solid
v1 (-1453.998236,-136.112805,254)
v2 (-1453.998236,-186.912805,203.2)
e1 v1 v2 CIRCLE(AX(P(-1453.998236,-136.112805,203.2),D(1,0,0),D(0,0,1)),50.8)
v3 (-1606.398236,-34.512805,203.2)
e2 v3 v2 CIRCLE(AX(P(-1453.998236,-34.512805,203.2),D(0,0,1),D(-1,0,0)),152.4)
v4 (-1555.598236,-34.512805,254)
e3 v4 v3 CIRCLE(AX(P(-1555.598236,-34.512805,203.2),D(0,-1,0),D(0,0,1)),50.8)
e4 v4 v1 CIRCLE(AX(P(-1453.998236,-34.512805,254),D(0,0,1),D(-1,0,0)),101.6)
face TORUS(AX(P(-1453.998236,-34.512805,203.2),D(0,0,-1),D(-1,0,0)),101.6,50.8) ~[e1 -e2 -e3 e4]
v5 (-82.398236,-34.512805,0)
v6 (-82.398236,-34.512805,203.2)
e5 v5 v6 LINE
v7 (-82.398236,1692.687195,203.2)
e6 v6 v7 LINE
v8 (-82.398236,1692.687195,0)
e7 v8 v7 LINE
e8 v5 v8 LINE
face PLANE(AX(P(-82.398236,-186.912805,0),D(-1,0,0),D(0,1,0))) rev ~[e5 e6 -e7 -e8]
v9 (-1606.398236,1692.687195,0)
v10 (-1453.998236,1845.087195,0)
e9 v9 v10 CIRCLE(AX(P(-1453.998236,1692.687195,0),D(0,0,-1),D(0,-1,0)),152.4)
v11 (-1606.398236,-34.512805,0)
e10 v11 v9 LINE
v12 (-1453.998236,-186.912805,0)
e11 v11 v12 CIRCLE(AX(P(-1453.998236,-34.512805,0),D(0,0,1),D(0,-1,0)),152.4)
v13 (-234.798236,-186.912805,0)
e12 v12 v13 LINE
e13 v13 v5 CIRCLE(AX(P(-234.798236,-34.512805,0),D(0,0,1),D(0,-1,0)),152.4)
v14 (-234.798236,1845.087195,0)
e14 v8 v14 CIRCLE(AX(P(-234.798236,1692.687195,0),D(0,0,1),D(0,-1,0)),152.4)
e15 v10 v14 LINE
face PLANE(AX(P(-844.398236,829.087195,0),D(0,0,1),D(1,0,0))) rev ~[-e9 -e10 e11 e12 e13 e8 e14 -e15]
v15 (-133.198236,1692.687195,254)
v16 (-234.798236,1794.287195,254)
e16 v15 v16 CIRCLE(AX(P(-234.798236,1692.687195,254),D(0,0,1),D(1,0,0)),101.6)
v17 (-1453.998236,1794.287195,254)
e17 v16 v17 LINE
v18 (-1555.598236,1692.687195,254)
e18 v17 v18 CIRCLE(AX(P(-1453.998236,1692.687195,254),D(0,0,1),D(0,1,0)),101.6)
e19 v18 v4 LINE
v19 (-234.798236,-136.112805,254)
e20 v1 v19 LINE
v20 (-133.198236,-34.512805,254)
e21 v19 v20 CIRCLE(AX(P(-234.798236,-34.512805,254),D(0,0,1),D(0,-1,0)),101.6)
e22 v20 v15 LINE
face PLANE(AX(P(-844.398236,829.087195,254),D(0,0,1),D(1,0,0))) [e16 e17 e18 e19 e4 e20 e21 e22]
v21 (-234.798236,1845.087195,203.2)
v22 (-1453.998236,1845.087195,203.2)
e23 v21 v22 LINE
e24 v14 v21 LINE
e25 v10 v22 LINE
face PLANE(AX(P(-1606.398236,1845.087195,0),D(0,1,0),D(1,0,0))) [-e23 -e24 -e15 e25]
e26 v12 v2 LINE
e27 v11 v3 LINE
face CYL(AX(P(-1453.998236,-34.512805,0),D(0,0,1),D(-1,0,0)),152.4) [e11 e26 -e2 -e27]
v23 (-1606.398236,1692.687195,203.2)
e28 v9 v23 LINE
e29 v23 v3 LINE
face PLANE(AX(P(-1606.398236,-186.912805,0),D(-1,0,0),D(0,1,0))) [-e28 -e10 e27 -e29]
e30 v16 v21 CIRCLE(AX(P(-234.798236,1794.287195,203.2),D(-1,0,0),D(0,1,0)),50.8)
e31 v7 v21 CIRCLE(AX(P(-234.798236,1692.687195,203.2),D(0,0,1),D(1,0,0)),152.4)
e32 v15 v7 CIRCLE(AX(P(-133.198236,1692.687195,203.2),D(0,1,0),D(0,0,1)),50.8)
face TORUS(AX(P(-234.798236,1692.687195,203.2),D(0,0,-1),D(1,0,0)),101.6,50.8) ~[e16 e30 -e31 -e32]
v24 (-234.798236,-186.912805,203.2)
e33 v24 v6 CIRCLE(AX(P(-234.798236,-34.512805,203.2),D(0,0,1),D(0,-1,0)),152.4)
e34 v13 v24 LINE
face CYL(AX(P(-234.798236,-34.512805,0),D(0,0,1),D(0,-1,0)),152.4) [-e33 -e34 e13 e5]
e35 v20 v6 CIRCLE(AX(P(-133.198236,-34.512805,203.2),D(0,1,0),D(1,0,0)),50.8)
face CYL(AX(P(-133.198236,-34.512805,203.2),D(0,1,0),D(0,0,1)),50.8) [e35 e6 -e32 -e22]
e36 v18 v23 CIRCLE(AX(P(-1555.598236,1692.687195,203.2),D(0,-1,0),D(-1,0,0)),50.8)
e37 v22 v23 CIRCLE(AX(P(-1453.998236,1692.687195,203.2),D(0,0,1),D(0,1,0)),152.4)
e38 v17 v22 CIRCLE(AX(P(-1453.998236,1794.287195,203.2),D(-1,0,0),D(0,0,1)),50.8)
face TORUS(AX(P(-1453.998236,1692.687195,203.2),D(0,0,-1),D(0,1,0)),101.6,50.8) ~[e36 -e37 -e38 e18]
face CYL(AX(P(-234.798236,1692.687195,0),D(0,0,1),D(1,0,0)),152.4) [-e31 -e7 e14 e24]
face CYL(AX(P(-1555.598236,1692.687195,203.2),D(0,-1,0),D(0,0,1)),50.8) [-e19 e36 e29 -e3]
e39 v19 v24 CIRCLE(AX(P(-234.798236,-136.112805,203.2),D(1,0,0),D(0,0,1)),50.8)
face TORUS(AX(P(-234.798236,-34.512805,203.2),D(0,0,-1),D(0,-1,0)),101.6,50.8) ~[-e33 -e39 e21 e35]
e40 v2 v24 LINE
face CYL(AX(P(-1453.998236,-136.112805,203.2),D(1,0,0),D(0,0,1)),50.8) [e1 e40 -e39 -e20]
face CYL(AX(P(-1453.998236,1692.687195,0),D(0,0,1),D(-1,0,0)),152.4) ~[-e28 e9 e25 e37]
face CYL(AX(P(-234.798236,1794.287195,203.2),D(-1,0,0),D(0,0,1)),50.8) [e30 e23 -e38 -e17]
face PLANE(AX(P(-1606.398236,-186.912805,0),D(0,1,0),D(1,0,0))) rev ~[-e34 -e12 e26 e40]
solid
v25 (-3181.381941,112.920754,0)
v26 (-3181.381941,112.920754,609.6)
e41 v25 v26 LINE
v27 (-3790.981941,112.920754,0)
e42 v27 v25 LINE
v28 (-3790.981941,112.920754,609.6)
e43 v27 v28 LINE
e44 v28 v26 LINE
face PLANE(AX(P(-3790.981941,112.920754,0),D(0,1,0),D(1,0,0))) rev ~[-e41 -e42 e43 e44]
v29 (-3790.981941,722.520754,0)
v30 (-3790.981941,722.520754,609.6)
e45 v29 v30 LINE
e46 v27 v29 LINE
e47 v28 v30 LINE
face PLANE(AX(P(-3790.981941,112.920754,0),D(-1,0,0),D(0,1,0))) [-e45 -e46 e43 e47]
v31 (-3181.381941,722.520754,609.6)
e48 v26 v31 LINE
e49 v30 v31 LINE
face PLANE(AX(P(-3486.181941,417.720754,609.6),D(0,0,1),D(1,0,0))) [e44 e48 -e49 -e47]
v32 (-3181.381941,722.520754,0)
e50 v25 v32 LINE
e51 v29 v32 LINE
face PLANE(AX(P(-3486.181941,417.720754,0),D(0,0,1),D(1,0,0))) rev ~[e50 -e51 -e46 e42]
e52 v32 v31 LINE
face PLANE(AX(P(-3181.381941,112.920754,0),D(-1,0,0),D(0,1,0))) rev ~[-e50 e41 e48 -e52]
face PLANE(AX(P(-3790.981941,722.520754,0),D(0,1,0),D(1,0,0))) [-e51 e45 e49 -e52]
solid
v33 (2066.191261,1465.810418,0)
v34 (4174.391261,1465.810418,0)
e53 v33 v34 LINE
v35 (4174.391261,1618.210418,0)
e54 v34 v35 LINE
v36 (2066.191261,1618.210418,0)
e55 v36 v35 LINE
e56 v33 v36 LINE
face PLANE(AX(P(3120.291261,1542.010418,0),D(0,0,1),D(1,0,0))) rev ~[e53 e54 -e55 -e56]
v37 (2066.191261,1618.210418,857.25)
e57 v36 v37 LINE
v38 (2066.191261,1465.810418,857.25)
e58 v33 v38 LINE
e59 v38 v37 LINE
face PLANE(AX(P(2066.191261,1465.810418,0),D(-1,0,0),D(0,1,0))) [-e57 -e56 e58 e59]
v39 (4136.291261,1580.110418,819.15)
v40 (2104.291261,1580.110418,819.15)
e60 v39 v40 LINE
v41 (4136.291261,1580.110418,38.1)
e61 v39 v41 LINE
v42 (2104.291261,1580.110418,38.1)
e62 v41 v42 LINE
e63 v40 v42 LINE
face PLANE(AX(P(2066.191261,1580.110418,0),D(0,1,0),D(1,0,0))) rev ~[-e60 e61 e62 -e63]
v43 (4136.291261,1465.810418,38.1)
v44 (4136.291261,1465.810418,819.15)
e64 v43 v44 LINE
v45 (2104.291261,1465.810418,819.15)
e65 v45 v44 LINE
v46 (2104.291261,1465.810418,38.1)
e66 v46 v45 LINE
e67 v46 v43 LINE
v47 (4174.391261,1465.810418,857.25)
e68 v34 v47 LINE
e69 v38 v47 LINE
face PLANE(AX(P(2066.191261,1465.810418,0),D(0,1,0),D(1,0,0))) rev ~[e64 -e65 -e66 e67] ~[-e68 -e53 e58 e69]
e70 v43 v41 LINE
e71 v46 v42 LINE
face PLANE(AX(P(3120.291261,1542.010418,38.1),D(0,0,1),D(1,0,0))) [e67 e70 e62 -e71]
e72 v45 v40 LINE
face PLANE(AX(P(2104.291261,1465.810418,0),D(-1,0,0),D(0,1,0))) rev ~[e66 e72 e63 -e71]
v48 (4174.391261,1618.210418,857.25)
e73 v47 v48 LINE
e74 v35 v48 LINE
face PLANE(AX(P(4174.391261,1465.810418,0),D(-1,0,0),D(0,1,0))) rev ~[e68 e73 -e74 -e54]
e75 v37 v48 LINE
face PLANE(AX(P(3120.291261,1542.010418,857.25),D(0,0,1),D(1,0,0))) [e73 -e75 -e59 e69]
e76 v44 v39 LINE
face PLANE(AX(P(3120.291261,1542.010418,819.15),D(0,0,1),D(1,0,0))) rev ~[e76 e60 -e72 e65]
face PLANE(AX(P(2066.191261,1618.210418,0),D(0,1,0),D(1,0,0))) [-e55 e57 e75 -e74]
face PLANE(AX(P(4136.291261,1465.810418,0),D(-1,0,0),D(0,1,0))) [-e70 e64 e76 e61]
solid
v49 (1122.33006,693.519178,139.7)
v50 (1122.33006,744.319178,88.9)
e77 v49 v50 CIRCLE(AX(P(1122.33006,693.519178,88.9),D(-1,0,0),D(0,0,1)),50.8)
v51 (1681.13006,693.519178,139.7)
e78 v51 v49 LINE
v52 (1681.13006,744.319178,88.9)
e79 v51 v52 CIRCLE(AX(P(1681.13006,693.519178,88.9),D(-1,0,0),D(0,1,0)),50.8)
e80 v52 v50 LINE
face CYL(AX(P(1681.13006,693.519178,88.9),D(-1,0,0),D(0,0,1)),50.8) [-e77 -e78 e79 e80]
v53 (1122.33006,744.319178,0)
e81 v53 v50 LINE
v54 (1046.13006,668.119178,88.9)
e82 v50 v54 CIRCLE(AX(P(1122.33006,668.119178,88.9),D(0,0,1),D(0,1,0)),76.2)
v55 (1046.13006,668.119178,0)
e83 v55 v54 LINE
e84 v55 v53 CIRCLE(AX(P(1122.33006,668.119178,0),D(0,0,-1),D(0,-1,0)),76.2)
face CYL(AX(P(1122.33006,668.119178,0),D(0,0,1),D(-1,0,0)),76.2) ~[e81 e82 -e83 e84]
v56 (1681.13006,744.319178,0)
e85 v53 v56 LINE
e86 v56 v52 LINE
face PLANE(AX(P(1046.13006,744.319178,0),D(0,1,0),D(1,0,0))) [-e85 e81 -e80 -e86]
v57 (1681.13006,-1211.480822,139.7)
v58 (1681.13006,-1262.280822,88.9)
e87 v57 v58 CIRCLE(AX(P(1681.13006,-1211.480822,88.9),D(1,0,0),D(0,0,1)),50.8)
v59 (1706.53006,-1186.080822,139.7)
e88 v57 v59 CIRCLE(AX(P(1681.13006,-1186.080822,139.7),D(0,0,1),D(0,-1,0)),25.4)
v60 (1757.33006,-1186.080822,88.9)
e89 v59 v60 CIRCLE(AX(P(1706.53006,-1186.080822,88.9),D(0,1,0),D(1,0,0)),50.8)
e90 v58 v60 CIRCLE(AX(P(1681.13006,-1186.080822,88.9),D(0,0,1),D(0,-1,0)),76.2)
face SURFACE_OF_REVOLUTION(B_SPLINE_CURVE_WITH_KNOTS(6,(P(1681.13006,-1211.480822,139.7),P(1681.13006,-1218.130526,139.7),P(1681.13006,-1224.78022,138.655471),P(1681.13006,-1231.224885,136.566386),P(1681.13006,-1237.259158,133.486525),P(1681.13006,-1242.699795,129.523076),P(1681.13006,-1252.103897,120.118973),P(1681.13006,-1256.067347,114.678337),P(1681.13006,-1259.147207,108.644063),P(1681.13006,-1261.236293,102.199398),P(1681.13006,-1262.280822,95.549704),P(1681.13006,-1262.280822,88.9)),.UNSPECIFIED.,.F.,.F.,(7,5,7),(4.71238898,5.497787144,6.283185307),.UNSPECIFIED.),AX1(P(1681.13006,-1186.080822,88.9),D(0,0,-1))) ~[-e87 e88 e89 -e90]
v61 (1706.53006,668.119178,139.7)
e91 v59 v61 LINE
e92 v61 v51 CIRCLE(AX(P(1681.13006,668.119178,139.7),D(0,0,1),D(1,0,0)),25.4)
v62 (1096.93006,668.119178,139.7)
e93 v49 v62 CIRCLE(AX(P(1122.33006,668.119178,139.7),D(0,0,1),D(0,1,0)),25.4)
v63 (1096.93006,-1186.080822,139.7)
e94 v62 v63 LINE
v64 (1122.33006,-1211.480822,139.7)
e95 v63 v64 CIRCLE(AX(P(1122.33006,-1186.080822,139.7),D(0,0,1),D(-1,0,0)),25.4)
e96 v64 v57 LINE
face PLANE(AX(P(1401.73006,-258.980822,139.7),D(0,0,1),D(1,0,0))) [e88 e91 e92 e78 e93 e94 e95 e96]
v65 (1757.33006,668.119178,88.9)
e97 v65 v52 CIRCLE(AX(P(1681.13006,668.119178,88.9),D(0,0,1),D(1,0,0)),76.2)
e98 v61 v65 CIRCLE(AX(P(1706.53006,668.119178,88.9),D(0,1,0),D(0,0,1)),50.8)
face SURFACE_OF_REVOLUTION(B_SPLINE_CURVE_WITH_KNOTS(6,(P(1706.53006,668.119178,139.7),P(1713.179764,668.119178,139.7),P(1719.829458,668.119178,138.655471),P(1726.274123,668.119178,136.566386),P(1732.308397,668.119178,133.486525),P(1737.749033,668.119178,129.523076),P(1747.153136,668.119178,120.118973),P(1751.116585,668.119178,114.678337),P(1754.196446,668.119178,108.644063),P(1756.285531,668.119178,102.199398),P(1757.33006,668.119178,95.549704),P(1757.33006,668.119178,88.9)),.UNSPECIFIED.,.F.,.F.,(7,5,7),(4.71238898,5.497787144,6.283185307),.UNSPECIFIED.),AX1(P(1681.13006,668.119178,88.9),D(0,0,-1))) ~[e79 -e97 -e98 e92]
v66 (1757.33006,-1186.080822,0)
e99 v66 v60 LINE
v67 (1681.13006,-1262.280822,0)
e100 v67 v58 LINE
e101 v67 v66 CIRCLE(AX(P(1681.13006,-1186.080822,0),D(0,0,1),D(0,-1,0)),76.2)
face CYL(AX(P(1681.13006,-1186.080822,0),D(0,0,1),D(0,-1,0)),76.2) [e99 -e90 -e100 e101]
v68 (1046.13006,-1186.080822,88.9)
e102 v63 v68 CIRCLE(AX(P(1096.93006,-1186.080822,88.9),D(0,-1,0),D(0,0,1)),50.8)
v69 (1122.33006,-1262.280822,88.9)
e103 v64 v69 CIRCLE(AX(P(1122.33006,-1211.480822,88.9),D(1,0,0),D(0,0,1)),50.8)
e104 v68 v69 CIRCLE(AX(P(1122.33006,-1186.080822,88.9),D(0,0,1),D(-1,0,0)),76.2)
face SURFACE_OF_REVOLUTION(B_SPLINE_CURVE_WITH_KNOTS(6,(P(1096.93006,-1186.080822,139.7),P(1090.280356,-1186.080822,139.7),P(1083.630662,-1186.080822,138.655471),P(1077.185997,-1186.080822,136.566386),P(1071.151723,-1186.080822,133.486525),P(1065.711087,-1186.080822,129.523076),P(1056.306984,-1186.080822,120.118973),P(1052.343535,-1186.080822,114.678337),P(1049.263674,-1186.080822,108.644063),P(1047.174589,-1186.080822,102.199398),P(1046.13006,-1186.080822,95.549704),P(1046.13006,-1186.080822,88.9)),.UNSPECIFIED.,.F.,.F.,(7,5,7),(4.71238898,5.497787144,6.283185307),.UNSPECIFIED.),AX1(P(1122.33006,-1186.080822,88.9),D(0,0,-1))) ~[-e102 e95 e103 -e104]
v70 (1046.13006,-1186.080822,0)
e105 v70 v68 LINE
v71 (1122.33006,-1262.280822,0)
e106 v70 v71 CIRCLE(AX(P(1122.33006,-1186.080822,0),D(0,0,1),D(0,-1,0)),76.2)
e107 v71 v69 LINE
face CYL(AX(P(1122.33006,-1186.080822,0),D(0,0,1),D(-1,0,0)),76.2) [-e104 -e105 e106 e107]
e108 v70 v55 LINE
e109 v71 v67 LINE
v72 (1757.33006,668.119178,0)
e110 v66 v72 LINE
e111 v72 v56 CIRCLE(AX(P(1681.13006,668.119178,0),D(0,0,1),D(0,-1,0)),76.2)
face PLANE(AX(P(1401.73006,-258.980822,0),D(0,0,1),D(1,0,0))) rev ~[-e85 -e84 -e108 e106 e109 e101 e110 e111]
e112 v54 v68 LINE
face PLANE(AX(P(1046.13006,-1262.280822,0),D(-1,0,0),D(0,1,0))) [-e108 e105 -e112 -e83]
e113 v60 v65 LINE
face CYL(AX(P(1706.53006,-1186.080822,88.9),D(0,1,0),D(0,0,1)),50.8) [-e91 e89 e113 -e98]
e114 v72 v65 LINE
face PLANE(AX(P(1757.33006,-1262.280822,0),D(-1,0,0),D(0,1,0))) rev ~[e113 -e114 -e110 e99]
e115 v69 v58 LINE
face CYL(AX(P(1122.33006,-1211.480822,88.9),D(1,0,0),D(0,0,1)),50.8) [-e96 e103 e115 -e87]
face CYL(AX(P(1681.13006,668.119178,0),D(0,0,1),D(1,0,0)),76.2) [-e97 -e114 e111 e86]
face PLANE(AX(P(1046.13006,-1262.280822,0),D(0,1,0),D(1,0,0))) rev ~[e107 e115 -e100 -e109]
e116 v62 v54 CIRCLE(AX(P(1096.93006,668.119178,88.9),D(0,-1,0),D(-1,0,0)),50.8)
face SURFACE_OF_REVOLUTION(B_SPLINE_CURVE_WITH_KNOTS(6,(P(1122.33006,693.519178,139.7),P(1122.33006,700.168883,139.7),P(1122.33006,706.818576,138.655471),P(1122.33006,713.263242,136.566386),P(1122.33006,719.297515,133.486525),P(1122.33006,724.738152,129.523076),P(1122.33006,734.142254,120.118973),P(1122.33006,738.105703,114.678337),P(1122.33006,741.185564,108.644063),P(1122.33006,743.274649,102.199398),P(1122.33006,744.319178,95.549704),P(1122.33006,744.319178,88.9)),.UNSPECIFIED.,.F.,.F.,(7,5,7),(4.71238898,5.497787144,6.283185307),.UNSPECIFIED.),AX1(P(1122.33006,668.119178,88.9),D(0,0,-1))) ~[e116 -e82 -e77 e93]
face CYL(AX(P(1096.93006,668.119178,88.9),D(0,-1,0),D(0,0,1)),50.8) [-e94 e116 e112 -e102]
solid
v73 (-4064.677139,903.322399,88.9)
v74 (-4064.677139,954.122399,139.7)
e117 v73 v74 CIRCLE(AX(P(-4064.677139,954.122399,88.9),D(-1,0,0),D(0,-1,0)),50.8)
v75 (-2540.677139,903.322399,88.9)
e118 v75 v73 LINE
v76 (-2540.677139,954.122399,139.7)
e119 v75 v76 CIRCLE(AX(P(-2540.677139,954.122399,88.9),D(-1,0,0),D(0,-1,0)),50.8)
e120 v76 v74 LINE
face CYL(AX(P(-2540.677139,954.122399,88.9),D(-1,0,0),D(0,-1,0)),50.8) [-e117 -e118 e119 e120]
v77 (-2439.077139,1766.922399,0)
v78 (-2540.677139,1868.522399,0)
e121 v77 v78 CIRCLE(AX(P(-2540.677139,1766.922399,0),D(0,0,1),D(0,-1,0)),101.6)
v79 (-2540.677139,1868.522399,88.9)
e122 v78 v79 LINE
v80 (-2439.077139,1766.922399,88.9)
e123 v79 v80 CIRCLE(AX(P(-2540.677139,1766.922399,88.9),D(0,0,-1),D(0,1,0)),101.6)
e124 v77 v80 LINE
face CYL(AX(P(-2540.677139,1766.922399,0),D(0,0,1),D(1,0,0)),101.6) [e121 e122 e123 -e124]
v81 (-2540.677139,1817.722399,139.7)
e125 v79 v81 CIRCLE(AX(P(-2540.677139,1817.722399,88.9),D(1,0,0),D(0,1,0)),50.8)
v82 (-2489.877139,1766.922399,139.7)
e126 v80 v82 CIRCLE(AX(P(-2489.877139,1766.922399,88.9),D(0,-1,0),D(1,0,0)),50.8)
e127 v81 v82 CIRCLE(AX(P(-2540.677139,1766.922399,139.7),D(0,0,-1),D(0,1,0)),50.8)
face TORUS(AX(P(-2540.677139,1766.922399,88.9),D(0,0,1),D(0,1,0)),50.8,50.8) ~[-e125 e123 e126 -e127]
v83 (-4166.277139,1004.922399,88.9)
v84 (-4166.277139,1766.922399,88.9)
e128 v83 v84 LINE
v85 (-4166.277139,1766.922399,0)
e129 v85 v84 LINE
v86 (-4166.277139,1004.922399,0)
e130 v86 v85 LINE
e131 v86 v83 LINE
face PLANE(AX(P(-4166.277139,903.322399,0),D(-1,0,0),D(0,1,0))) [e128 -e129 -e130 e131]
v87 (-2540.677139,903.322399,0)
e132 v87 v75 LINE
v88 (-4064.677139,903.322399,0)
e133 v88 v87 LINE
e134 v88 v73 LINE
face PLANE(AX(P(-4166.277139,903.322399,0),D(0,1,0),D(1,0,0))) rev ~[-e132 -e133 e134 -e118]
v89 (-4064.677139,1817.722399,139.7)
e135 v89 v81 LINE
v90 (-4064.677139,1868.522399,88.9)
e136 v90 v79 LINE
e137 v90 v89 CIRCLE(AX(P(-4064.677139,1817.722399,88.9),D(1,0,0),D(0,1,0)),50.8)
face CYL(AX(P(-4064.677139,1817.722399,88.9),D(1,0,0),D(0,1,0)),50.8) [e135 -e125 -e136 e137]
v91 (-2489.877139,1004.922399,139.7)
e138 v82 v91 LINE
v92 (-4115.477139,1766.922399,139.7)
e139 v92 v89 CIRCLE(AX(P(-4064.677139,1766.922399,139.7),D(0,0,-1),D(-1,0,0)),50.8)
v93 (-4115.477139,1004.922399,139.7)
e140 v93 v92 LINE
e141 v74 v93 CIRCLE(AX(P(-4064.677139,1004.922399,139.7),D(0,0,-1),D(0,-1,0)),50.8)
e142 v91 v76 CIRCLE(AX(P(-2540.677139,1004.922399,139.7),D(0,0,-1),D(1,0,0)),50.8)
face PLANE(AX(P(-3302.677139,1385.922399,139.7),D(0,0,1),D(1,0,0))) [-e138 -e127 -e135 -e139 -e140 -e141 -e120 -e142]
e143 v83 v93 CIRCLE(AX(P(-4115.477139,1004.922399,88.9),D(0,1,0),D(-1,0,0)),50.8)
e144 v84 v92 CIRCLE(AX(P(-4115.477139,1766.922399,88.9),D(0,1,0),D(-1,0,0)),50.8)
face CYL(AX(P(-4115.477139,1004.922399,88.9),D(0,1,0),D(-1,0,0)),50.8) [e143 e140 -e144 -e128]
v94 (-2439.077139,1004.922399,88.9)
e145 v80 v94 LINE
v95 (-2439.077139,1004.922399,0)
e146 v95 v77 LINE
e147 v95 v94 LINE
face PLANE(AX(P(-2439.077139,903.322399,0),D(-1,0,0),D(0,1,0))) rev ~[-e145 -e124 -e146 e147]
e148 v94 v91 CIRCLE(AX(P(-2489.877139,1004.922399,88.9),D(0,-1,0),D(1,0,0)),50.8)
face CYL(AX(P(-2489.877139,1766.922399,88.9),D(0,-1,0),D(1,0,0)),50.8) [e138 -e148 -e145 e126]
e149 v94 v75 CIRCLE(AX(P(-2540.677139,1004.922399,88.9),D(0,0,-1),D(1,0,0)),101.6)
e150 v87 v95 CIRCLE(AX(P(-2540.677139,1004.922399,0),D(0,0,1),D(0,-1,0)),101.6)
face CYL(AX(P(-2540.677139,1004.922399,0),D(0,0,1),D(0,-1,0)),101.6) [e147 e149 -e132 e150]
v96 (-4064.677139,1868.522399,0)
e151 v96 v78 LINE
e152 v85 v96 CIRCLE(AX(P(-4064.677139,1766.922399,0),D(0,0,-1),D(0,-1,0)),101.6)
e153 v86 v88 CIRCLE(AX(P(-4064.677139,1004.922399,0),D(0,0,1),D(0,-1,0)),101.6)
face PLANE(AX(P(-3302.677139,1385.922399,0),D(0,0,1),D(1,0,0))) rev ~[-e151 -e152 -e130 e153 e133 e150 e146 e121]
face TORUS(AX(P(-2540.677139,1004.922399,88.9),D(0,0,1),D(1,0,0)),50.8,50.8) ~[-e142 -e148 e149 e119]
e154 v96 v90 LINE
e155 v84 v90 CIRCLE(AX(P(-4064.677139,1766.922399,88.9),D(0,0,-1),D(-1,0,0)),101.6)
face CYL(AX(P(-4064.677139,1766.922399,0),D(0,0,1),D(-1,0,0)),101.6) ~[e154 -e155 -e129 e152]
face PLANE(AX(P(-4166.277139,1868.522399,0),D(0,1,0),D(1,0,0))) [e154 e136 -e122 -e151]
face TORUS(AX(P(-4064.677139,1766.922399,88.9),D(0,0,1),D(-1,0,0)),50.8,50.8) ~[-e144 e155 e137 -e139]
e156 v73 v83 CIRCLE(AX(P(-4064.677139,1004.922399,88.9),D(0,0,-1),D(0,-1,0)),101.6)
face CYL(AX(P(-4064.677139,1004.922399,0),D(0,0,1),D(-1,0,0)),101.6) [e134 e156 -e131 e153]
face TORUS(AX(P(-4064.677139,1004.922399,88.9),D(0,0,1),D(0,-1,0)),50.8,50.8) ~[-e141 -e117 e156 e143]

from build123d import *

# Parameters (mm, degrees)
F0_W      = 1524
F0_H      = 2032
F1_DEPTH  = 254
F2_R      = 152.4
F3_R      = 50.8
F4_W      = 1727.2
F4_H      = 965.2
F5_DEPTH  = 139.7
F6_R      = 101.6
F7_R      = 50.8
F8_W      = 609.6
F8_H      = 609.6
F9_DEPTH  = 609.6
F10_W     = 711.2
F10_H     = 2006.6
F11_DEPTH = 139.7
F12_R     = 76.2
F13_R     = 50.8
F14_W     = 2108.2
F14_H     = 152.4
F15_DEPTH = 857.25
F16_T     = -38.1


with BuildPart() as f1:
    # F0 (on Top) → F1 (new body)
    with BuildSketch(Plane.XY):
        with Locations((-844.3982357979, 829.087195158)):
            Rectangle(F0_W, F0_H)
    extrude(amount=F1_DEPTH)

    # F2
    f2_edges = [f1.edges().sort_by_distance(p)[0] for p in [
        (-82.398236, -186.912805, 127),
        (-1606.398236, -186.912805, 127),
        (-82.398236, 1845.087195, 127),
        (-1606.398236, 1845.087195, 127),
    ]]
    fillet(f2_edges, radius=F2_R)

    # F3
    f3_edges = [f1.edges().sort_by_distance(p)[0] for p in [
        (-844.398236, -186.912805, 254),
        (-127.035162, -142.275878, 254),
        (-82.398236, 829.087195, 254),
        (-127.035162, 1800.450269, 254),
        (-844.398236, 1845.087195, 254),
        (-1561.761309, 1800.450269, 254),
        (-1606.398236, 829.087195, 254),
        (-1561.761309, -142.275878, 254),
    ]]
    fillet(f3_edges, radius=F3_R)


with BuildPart() as f5:
    # F4 (on Top) → F5 (new body)
    with BuildSketch(Plane.XY):
        with Locations((-3302.6771389008, 1385.9223986626)):
            Rectangle(F4_W, F4_H)
    extrude(amount=F5_DEPTH)

    # F6
    f6_edges = [f5.edges().sort_by_distance(p)[0] for p in [
        (-4166.277139, 903.322399, 69.85),
        (-2439.077139, 903.322399, 69.85),
        (-2439.077139, 1868.522399, 69.85),
        (-4166.277139, 1868.522399, 69.85),
    ]]
    fillet(f6_edges, radius=F6_R)

    # F7
    f7_edges = [f5.edges().sort_by_distance(p)[0] for p in [
        (-4166.277139, 1385.922399, 139.7),
        (-4136.519188, 1838.764448, 139.7),
        (-3302.677139, 1868.522399, 139.7),
        (-2468.83509, 1838.764448, 139.7),
        (-2439.077139, 1385.922399, 139.7),
        (-2468.83509, 933.08035, 139.7),
        (-3302.677139, 903.322399, 139.7),
        (-4136.519188, 933.08035, 139.7),
    ]]
    fillet(f7_edges, radius=F7_R)


with BuildPart() as f9:
    # F8 (on Top) → F9 (new body)
    with BuildSketch(Plane.XY):
        with Locations((-3486.1819408417, 417.7207536578)):
            Rectangle(F8_W, F8_H)
    extrude(amount=F9_DEPTH)


with BuildPart() as f11:
    # F10 (on Top) → F11 (new body)
    with BuildSketch(Plane.XY):
        with Locations((1401.7300600052, -258.9808218002)):
            Rectangle(F10_W, F10_H)
    extrude(amount=F11_DEPTH)

    # F12
    f12_edges = [f11.edges().sort_by_distance(p)[0] for p in [
        (1046.13006, -1262.280822, 69.85),
        (1757.33006, -1262.280822, 69.85),
        (1757.33006, 744.319178, 69.85),
        (1046.13006, 744.319178, 69.85),
    ]]
    fillet(f12_edges, radius=F12_R)

    # F13
    f13_edges = [f11.edges().sort_by_distance(p)[0] for p in [
        (1401.73006, -1262.280822, 139.7),
        (1735.011597, -1239.962359, 139.7),
        (1757.33006, -258.980822, 139.7),
        (1735.011597, 722.000715, 139.7),
        (1401.73006, 744.319178, 139.7),
        (1068.448523, 722.000715, 139.7),
        (1046.13006, -258.980822, 139.7),
        (1068.448523, -1239.962359, 139.7),
    ]]
    fillet(f13_edges, radius=F13_R)


with BuildPart() as f15:
    # F14 (on Top) → F15 (new body)
    with BuildSketch(Plane.XY):
        with Locations((3120.2912612915, 1542.010418129)):
            Rectangle(F14_W, F14_H)
    extrude(amount=F15_DEPTH)

    # F16
    f16_openings = [f15.faces().sort_by_distance(p)[0] for p in [
        (3120.291261, 1465.810418, 428.625),
    ]]
    offset(amount=F16_T, openings=f16_openings)


solid = Compound([f1.part, f5.part, f9.part, f11.part, f15.part])
